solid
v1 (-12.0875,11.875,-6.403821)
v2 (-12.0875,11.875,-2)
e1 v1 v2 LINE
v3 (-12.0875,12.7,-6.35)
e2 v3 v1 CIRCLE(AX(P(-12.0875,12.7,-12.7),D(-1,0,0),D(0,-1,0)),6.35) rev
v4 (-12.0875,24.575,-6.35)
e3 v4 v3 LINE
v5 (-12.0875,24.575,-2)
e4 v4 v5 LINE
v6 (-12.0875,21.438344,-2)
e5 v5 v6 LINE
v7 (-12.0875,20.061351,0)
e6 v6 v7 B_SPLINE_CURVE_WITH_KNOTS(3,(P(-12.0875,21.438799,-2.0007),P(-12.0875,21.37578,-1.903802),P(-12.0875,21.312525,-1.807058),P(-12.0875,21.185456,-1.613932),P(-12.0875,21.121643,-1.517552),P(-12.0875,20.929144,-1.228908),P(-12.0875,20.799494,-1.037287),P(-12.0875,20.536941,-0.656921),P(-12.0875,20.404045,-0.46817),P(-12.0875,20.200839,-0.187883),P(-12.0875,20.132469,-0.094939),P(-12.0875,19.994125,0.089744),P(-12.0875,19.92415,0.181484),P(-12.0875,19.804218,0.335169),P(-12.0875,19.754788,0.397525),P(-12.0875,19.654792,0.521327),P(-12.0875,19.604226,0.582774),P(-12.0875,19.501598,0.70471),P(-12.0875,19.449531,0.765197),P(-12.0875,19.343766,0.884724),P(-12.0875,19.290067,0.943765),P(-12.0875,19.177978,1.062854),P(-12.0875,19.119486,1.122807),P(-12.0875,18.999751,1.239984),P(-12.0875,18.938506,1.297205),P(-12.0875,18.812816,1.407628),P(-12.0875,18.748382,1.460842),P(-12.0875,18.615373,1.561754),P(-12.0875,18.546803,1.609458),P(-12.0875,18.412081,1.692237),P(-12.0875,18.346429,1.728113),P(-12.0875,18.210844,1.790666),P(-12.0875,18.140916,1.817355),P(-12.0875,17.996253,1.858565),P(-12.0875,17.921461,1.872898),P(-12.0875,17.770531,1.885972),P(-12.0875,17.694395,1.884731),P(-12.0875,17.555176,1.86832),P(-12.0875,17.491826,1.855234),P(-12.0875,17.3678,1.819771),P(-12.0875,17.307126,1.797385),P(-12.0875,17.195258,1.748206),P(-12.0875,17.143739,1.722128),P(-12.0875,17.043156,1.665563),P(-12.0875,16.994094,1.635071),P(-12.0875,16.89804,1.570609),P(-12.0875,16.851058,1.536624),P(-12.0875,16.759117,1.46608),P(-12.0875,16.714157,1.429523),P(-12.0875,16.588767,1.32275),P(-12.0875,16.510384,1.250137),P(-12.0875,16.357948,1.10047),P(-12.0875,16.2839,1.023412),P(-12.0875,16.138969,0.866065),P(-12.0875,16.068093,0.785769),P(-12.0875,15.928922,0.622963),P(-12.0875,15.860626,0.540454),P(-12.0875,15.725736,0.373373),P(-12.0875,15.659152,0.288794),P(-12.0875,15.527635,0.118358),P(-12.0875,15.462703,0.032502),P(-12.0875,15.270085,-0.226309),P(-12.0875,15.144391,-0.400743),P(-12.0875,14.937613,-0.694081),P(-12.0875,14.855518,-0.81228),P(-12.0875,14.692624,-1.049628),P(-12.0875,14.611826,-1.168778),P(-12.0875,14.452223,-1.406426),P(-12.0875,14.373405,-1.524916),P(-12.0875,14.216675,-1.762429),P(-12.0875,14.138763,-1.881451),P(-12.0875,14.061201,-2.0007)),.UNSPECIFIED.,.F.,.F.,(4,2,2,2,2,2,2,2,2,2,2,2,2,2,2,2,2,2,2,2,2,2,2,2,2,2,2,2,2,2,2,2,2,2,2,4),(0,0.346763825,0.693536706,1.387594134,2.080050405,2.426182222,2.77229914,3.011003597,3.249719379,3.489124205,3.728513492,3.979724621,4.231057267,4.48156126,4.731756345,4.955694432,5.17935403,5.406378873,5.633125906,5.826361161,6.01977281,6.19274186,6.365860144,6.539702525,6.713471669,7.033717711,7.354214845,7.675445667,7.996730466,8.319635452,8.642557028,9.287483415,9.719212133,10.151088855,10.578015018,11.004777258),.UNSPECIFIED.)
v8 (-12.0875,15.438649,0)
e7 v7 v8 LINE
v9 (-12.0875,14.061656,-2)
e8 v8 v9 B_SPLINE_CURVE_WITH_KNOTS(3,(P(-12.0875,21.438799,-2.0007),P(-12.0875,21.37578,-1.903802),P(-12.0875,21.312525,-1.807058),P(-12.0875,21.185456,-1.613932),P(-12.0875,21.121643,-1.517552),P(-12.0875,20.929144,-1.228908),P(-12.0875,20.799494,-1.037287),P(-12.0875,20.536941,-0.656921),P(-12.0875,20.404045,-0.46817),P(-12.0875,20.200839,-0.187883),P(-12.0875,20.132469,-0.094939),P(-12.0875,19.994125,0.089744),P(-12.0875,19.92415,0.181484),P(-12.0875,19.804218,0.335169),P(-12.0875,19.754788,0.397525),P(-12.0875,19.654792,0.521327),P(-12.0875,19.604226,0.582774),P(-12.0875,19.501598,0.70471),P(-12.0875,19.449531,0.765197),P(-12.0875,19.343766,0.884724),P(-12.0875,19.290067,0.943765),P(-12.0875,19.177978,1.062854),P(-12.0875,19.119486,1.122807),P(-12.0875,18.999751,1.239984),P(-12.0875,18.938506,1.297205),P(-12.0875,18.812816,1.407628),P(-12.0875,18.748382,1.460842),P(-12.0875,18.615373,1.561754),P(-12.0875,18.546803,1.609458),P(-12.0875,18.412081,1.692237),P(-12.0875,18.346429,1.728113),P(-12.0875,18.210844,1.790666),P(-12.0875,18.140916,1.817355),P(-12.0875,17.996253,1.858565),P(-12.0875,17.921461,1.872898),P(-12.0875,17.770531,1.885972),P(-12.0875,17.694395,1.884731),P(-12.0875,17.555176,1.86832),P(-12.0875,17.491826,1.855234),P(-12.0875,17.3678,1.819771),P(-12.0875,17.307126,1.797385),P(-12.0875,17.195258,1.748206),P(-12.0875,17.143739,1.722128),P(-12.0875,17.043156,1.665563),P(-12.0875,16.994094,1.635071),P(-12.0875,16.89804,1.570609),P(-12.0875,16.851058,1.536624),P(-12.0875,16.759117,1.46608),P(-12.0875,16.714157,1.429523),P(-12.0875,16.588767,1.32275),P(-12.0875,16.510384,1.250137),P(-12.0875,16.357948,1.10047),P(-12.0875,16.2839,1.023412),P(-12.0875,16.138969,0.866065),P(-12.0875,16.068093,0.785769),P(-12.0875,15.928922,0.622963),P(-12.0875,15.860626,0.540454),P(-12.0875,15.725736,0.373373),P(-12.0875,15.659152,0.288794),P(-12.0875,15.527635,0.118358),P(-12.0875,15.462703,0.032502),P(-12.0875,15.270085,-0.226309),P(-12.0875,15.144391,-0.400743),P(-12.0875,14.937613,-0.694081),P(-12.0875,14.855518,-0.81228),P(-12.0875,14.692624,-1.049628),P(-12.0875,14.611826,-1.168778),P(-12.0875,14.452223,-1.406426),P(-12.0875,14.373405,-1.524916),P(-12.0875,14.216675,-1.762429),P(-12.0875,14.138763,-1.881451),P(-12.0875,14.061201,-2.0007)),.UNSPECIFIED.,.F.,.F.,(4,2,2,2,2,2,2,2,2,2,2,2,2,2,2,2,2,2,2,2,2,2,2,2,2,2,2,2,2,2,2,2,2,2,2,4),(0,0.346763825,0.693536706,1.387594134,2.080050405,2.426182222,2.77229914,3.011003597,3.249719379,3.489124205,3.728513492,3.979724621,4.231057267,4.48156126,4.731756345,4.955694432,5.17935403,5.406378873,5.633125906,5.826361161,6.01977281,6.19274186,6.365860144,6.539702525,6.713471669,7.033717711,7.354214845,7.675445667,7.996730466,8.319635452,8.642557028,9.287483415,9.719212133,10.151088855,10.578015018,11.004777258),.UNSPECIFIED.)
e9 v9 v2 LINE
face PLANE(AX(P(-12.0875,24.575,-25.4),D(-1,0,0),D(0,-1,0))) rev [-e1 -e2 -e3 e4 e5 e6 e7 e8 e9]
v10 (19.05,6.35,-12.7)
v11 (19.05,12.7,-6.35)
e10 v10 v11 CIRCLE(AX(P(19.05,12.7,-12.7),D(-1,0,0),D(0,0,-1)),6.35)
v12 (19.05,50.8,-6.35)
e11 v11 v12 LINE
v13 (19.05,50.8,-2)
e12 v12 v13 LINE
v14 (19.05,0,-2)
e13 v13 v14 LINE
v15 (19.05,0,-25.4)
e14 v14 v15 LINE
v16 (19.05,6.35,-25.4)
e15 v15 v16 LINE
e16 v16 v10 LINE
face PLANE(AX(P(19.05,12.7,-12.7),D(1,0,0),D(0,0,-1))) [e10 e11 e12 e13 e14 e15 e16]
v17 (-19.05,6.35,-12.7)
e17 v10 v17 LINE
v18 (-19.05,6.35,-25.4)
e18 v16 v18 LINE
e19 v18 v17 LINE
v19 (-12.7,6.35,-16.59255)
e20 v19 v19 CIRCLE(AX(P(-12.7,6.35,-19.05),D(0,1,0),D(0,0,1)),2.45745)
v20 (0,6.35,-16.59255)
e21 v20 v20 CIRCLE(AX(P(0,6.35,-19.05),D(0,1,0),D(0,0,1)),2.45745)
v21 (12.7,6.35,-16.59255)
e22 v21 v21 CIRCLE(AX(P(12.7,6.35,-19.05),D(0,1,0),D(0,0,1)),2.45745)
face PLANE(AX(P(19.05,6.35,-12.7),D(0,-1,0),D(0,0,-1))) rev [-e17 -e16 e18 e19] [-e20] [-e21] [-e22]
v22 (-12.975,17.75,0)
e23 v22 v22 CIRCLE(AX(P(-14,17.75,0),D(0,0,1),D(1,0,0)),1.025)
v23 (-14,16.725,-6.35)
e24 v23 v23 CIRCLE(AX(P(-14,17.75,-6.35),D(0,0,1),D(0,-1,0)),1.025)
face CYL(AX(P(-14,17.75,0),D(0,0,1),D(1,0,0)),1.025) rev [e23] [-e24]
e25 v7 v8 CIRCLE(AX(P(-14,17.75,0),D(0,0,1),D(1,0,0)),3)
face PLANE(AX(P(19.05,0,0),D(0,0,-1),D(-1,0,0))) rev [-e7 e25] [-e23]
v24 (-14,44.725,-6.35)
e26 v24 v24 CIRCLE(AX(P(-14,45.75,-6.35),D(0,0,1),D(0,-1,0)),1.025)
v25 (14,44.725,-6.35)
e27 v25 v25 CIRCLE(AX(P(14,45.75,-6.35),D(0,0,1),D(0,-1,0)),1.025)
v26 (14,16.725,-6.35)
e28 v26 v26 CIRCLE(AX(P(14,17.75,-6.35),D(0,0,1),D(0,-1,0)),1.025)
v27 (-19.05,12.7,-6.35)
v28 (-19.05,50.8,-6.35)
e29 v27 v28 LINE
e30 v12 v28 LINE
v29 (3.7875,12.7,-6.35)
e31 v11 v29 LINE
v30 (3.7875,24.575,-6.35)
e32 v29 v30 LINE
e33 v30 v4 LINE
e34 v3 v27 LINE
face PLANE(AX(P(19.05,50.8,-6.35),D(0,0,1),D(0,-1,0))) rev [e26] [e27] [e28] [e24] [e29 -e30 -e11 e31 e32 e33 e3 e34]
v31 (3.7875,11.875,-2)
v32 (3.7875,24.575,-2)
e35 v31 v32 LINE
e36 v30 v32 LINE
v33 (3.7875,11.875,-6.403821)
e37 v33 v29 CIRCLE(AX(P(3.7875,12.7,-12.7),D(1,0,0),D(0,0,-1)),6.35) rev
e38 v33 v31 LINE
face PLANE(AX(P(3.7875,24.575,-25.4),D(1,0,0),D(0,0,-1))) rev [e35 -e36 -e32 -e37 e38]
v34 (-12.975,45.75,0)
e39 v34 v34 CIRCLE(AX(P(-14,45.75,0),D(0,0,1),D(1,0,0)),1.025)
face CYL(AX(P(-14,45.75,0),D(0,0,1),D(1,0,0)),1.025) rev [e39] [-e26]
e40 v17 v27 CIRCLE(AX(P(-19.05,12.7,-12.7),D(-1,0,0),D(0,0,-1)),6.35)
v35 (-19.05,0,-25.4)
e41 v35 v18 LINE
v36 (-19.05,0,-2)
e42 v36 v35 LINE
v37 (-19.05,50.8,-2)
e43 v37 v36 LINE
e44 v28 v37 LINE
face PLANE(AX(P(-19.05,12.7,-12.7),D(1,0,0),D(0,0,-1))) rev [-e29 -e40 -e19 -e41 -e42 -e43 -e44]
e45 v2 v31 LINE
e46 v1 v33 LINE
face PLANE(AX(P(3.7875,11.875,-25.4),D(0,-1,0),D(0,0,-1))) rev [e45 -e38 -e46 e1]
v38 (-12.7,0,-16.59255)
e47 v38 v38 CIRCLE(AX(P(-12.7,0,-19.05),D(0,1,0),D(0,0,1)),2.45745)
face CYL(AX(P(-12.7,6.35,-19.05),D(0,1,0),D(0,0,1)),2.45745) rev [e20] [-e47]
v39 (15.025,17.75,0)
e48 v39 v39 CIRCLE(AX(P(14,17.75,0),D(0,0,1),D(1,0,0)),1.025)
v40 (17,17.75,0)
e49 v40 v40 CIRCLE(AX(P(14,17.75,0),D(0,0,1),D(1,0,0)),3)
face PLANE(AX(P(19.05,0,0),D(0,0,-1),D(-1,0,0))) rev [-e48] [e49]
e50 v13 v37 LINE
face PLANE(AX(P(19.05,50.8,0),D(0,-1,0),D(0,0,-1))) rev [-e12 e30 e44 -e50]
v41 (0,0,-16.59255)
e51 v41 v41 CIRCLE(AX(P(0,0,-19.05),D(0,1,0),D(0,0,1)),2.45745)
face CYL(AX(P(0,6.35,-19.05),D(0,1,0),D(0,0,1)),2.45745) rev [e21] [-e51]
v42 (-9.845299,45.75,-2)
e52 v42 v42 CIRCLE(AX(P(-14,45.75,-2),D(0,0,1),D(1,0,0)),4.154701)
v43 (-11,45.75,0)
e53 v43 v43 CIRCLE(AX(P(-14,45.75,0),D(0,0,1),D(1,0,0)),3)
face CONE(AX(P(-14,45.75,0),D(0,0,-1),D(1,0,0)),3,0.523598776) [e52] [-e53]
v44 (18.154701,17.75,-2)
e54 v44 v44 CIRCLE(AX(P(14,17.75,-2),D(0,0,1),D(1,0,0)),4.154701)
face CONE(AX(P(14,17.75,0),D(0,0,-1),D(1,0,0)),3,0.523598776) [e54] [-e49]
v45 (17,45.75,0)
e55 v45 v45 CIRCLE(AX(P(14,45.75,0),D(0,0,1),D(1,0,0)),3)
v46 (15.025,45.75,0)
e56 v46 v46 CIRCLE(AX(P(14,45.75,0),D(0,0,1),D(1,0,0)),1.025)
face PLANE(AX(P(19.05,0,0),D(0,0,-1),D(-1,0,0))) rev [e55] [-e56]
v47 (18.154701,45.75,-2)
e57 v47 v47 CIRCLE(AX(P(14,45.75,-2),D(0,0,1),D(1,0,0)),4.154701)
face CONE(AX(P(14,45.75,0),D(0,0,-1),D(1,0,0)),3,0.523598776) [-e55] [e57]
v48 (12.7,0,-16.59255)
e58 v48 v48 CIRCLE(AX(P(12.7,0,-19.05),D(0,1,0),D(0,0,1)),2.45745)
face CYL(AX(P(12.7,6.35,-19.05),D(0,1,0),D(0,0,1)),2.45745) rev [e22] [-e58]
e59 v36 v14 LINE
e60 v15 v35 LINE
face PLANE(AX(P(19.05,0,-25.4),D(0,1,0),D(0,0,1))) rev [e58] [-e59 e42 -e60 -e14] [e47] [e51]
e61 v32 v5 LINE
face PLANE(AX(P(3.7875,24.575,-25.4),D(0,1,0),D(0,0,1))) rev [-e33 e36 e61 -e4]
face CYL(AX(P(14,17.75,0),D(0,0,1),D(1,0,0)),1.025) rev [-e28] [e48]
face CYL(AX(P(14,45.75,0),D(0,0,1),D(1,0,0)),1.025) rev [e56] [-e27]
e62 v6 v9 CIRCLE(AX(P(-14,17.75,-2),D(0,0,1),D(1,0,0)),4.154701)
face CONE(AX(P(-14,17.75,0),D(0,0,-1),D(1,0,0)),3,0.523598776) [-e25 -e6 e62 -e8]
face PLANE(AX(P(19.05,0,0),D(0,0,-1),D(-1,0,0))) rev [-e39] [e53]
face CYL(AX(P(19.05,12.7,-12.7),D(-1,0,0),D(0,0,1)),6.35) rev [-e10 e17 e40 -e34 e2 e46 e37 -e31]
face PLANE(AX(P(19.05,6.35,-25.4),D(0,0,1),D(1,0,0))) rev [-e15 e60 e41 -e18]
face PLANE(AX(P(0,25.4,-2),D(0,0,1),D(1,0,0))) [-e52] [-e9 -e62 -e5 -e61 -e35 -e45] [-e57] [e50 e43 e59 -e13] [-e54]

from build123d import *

# Parameters (mm, degrees)
BOSS_EXTRUDE1_DEPTH          = 19.05
M2_5X0_45_TAPPED_HOLE1_D     = 2.05
SKETCH6_OUTSIDE_W            = 56.088
SKETCH6_OUTSIDE_H            = 68.788
SKETCH6_OUTSIDE_R            = 3
CUT_EXTRUDE1_DEPTH           = 2
CUT_EXTRUDE1_TAPER           = 30
SKETCH7_W                    = 15.875
SKETCH7_H                    = 12.7
CUT_EXTRUDE2_DEPTH           = 3.0000001
CUT_EXTRUDE2_DEPTH_BACK      = 24.4
F_10_0_1935_DIAMETER_HOLE1_D = 4.9149


with BuildPart() as part:
    # Sketch1 → Boss-Extrude1 (new body, symmetric)
    with BuildSketch(Plane(origin=(0, 0, 0), x_dir=(0, 0, -1), z_dir=(1, 0, 0))):
        with BuildLine():
            Line((25.4, 0), (0, 0))
            Line((0, 0), (0, 50.8))
            Line((0, 50.8), (6.35, 50.8))
            Line((6.35, 50.8), (6.35, 12.7))
            ThreePointArc((6.35, 12.7), (8.209871939, 8.209871939), (12.7, 6.35))
            Line((12.7, 6.35), (25.4, 6.35))
            Line((25.4, 6.35), (25.4, 0))
        make_face()
    extrude(amount=BOSS_EXTRUDE1_DEPTH, both=True)

    # M2.5x0.45 Tapped Hole1 (through all)
    with Locations(Plane.XY):
        with Locations((-14, 45.75), (14, 45.75), (14, 17.75), (-14, 17.75)):
            Hole(M2_5X0_45_TAPPED_HOLE1_D / 2)

    # Sketch6 outside → Cut-Extrude1 (cut)
    with BuildSketch(Plane.XY):
        with Locations((0, 25.4)):
            Rectangle(SKETCH6_OUTSIDE_W, SKETCH6_OUTSIDE_H)
        with Locations((-14, 45.75)):
            Circle(SKETCH6_OUTSIDE_R, mode=Mode.SUBTRACT)
        with Locations((14, 45.75)):
            Circle(SKETCH6_OUTSIDE_R, mode=Mode.SUBTRACT)
        with Locations((14, 17.75)):
            Circle(SKETCH6_OUTSIDE_R, mode=Mode.SUBTRACT)
        with Locations((-14, 17.75)):
            Circle(SKETCH6_OUTSIDE_R, mode=Mode.SUBTRACT)
    extrude(amount=-CUT_EXTRUDE1_DEPTH, taper=CUT_EXTRUDE1_TAPER, mode=Mode.SUBTRACT)

    # Sketch7 → Cut-Extrude2 (cut, two sides)
    with BuildSketch(Plane.XY.offset(-2)) as cut_extrude2_sk:
        with Locations((-4.15, 18.225)):
            Rectangle(SKETCH7_W, SKETCH7_H)
    extrude(amount=CUT_EXTRUDE2_DEPTH, mode=Mode.SUBTRACT)
    extrude(cut_extrude2_sk.sketch, amount=-CUT_EXTRUDE2_DEPTH_BACK, mode=Mode.SUBTRACT)

    # #10 (0.1935) Diameter Hole1 (through all)
    with Locations(Plane(origin=(0, 6.35, 0), x_dir=(1, 0, 0), z_dir=(0, 1, 0))):
        with Locations((-12.7, 19.05), (0, 19.05), (12.7, 19.05)):
            Hole(F_10_0_1935_DIAMETER_HOLE1_D / 2)


solid = part.part
